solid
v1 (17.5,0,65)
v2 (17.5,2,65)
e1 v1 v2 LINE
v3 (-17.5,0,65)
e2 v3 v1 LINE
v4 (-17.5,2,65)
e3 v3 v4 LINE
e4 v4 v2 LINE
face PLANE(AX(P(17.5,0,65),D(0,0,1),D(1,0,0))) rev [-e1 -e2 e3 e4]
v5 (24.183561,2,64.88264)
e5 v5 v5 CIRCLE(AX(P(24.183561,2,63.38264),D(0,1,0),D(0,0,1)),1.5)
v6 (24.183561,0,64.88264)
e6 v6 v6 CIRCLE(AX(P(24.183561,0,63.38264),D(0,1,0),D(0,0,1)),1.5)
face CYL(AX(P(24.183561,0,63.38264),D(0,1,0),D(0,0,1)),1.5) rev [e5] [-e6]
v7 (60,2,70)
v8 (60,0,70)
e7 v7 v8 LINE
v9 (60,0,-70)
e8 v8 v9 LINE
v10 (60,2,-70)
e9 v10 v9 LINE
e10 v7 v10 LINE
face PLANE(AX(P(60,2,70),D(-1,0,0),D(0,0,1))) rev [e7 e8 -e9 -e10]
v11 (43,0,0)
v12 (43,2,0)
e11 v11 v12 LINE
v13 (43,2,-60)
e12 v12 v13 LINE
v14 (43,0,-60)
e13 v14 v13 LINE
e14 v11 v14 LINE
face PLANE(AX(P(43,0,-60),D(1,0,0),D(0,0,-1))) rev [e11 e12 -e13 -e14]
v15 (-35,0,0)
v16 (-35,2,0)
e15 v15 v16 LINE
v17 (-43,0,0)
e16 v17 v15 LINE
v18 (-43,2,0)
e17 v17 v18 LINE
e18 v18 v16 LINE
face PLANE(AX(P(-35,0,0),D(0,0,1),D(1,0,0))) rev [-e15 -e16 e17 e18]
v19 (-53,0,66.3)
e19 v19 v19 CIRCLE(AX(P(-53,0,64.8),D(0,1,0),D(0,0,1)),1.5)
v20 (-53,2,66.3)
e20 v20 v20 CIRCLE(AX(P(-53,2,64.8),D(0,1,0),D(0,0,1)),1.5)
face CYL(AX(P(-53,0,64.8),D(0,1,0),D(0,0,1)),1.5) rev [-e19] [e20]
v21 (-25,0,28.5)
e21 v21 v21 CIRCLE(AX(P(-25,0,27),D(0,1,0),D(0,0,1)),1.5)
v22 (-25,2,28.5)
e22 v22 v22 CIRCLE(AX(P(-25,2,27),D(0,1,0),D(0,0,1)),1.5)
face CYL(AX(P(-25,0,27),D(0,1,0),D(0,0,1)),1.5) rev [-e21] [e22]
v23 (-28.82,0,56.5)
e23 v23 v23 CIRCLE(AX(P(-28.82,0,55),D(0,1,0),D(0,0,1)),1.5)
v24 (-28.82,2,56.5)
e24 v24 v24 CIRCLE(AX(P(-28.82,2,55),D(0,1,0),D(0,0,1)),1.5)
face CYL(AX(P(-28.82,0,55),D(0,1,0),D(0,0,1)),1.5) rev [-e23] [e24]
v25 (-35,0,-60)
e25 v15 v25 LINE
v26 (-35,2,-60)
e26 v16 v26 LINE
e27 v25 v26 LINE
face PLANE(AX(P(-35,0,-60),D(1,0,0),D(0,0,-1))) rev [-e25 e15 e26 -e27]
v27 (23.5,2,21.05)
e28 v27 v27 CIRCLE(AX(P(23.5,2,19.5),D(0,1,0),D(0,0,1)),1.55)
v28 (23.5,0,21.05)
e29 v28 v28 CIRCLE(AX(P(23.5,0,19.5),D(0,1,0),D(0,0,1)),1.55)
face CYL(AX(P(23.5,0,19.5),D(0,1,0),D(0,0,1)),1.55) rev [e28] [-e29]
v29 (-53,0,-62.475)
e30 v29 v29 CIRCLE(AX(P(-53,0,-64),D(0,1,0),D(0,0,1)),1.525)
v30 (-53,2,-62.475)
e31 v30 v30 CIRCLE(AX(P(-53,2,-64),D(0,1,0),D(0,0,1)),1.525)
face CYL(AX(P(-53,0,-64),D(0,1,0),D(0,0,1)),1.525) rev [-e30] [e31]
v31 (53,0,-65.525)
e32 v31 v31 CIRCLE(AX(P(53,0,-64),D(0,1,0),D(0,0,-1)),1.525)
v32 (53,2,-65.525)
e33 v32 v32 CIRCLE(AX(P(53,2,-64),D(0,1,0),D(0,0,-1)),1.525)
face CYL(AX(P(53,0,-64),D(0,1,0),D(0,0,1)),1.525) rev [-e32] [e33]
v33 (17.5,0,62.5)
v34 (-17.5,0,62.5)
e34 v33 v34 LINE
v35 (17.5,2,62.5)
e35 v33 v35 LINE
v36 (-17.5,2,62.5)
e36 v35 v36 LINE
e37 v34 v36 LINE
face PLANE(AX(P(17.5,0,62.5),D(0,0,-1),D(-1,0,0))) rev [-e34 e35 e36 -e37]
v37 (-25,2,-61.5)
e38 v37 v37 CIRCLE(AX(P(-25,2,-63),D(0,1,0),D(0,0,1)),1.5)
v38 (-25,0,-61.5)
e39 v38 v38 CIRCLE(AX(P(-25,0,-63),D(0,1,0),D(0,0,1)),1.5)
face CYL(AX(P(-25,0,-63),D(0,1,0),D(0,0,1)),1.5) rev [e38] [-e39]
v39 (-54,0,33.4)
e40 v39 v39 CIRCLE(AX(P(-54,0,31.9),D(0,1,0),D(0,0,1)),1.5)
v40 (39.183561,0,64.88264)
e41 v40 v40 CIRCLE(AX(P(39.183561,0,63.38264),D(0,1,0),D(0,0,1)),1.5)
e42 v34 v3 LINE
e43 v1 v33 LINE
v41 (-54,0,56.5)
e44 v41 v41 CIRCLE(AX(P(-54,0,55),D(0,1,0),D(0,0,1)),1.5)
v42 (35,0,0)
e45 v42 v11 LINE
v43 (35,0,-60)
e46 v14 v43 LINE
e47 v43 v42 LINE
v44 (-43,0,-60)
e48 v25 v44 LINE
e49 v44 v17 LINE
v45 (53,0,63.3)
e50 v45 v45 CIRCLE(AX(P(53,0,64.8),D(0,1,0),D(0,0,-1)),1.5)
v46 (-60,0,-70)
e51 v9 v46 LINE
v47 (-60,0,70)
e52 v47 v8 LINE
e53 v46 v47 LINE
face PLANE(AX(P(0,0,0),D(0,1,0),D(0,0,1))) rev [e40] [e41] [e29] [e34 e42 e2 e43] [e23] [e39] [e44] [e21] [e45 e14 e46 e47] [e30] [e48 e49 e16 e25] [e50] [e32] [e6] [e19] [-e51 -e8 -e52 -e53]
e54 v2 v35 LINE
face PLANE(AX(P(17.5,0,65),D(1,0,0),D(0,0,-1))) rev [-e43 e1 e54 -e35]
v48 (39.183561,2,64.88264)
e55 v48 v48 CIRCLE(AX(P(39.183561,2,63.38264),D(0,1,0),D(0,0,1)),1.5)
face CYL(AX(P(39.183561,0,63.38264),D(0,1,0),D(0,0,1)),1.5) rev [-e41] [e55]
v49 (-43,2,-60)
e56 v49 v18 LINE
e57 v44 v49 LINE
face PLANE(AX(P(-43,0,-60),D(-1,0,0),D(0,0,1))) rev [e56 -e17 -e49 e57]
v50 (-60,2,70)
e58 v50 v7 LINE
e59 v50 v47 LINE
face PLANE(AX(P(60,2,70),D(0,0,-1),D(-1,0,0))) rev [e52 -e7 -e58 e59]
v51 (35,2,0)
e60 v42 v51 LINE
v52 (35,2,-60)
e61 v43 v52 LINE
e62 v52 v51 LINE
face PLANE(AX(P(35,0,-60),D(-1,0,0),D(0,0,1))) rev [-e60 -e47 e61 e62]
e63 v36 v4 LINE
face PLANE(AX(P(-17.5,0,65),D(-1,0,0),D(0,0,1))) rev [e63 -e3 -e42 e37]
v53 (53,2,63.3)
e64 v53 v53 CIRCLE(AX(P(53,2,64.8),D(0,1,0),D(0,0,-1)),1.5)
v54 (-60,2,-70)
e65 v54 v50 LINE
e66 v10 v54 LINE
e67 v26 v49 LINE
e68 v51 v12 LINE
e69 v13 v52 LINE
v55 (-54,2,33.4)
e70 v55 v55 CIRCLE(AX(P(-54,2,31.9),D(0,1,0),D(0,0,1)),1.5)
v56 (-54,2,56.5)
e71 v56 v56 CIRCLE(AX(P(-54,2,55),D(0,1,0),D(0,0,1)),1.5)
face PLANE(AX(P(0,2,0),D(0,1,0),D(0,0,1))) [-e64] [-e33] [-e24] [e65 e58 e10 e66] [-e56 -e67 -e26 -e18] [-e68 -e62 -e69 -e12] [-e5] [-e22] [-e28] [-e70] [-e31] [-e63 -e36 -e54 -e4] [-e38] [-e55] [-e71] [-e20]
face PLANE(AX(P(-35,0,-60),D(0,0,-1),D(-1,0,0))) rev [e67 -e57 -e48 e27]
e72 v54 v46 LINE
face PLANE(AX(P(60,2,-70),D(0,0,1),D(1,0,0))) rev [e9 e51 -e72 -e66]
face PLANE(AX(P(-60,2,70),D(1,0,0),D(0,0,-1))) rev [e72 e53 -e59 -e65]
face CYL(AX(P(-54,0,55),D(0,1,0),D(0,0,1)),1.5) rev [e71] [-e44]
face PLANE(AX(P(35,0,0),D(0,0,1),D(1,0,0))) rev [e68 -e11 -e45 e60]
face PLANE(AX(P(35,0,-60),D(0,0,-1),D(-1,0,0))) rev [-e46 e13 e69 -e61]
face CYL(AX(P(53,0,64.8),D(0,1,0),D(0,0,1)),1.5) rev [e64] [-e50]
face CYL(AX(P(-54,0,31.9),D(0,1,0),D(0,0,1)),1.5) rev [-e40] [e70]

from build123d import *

# Parameters (mm, degrees)
SKETCH1_W           = 120
SKETCH1_H           = 140
BOSS_EXTRUDE1_DEPTH = 2
SKETCH2_R           = 1.525
SKETCH2_R_2         = 1.5
CUT_EXTRUDE1_DEPTH  = 2
SKETCH4_R           = 1.5
SKETCH4_R_2         = 1.55
SKETCH4_W           = 8
SKETCH4_H           = 60
CUT_EXTRUDE2_DEPTH  = 93.217135067
SKETCH5_R           = 1.5
SKETCH5_W           = 35
SKETCH5_H           = 2.5
CUT_EXTRUDE3_DEPTH  = 93.217135067


with BuildPart() as part:
    # Sketch1 → Boss-Extrude1 (new body)
    with BuildSketch(Plane(origin=(0, 0, 0), x_dir=(1, 0, 0), z_dir=(0, 1, 0))):
        Rectangle(SKETCH1_W, SKETCH1_H)
    extrude(amount=BOSS_EXTRUDE1_DEPTH)

    # Sketch2 → Cut-Extrude1 (cut)
    with BuildSketch(Plane(origin=(0, 2, 0), x_dir=(1, 0, 0), z_dir=(0, 1, 0))):
        with Locations(Location((-53, 64, 0), (0, 0, 270))):
            Circle(SKETCH2_R)
        with Locations(Location((-53, -64.8, 0), (0, 0, 270))):
            Circle(SKETCH2_R_2)
        with Locations(Location((53, 64, 0), (0, 0, 90))):
            Circle(SKETCH2_R)
        with Locations(Location((53, -64.8, 0), (0, 0, 90))):
            Circle(SKETCH2_R_2)
    extrude(amount=-CUT_EXTRUDE1_DEPTH, mode=Mode.SUBTRACT)

    # Sketch4 → Cut-Extrude2 (cut, through all)
    with BuildSketch(Plane(origin=(0, 2, 0), x_dir=(1, 0, 0), z_dir=(0, 1, 0))):
        with Locations(Location((-25, 63, 0), (0, 0, 270))):
            Circle(SKETCH4_R)
        with Locations(Location((-25, -27, 0), (0, 0, 270))):
            Circle(SKETCH4_R)
        with Locations(Location((23.5, -19.5, 0), (0, 0, 270))):
            Circle(SKETCH4_R_2)
        with Locations((-39, 30)):
            Rectangle(SKETCH4_W, SKETCH4_H)
        with Locations((39, 30)):
            Rectangle(SKETCH4_W, SKETCH4_H)
    extrude(amount=-CUT_EXTRUDE2_DEPTH, mode=Mode.SUBTRACT)

    # Sketch5 → Cut-Extrude3 (cut, through all)
    with BuildSketch(Plane(origin=(0, 2, 0), x_dir=(1, 0, 0), z_dir=(0, 1, 0))):
        with Locations(Location((-54, -55, 0), (0, 0, 270))):
            Circle(SKETCH5_R)
        with Locations(Location((-28.82, -55, 0), (0, 0, 270))):
            Circle(SKETCH5_R)
        with Locations(Location((-54, -31.9, 0), (0, 0, 270))):
            Circle(SKETCH5_R)
        with Locations(Location((24.183561374, -63.38263981, 0), (0, 0, 270))):
            Circle(SKETCH5_R)
        with Locations(Location((39.183561374, -63.38263981, 0), (0, 0, 270))):
            Circle(SKETCH5_R)
        with Locations((0, -63.75)):
            Rectangle(SKETCH5_W, SKETCH5_H)
    extrude(amount=-CUT_EXTRUDE3_DEPTH, mode=Mode.SUBTRACT)


solid = part.part
